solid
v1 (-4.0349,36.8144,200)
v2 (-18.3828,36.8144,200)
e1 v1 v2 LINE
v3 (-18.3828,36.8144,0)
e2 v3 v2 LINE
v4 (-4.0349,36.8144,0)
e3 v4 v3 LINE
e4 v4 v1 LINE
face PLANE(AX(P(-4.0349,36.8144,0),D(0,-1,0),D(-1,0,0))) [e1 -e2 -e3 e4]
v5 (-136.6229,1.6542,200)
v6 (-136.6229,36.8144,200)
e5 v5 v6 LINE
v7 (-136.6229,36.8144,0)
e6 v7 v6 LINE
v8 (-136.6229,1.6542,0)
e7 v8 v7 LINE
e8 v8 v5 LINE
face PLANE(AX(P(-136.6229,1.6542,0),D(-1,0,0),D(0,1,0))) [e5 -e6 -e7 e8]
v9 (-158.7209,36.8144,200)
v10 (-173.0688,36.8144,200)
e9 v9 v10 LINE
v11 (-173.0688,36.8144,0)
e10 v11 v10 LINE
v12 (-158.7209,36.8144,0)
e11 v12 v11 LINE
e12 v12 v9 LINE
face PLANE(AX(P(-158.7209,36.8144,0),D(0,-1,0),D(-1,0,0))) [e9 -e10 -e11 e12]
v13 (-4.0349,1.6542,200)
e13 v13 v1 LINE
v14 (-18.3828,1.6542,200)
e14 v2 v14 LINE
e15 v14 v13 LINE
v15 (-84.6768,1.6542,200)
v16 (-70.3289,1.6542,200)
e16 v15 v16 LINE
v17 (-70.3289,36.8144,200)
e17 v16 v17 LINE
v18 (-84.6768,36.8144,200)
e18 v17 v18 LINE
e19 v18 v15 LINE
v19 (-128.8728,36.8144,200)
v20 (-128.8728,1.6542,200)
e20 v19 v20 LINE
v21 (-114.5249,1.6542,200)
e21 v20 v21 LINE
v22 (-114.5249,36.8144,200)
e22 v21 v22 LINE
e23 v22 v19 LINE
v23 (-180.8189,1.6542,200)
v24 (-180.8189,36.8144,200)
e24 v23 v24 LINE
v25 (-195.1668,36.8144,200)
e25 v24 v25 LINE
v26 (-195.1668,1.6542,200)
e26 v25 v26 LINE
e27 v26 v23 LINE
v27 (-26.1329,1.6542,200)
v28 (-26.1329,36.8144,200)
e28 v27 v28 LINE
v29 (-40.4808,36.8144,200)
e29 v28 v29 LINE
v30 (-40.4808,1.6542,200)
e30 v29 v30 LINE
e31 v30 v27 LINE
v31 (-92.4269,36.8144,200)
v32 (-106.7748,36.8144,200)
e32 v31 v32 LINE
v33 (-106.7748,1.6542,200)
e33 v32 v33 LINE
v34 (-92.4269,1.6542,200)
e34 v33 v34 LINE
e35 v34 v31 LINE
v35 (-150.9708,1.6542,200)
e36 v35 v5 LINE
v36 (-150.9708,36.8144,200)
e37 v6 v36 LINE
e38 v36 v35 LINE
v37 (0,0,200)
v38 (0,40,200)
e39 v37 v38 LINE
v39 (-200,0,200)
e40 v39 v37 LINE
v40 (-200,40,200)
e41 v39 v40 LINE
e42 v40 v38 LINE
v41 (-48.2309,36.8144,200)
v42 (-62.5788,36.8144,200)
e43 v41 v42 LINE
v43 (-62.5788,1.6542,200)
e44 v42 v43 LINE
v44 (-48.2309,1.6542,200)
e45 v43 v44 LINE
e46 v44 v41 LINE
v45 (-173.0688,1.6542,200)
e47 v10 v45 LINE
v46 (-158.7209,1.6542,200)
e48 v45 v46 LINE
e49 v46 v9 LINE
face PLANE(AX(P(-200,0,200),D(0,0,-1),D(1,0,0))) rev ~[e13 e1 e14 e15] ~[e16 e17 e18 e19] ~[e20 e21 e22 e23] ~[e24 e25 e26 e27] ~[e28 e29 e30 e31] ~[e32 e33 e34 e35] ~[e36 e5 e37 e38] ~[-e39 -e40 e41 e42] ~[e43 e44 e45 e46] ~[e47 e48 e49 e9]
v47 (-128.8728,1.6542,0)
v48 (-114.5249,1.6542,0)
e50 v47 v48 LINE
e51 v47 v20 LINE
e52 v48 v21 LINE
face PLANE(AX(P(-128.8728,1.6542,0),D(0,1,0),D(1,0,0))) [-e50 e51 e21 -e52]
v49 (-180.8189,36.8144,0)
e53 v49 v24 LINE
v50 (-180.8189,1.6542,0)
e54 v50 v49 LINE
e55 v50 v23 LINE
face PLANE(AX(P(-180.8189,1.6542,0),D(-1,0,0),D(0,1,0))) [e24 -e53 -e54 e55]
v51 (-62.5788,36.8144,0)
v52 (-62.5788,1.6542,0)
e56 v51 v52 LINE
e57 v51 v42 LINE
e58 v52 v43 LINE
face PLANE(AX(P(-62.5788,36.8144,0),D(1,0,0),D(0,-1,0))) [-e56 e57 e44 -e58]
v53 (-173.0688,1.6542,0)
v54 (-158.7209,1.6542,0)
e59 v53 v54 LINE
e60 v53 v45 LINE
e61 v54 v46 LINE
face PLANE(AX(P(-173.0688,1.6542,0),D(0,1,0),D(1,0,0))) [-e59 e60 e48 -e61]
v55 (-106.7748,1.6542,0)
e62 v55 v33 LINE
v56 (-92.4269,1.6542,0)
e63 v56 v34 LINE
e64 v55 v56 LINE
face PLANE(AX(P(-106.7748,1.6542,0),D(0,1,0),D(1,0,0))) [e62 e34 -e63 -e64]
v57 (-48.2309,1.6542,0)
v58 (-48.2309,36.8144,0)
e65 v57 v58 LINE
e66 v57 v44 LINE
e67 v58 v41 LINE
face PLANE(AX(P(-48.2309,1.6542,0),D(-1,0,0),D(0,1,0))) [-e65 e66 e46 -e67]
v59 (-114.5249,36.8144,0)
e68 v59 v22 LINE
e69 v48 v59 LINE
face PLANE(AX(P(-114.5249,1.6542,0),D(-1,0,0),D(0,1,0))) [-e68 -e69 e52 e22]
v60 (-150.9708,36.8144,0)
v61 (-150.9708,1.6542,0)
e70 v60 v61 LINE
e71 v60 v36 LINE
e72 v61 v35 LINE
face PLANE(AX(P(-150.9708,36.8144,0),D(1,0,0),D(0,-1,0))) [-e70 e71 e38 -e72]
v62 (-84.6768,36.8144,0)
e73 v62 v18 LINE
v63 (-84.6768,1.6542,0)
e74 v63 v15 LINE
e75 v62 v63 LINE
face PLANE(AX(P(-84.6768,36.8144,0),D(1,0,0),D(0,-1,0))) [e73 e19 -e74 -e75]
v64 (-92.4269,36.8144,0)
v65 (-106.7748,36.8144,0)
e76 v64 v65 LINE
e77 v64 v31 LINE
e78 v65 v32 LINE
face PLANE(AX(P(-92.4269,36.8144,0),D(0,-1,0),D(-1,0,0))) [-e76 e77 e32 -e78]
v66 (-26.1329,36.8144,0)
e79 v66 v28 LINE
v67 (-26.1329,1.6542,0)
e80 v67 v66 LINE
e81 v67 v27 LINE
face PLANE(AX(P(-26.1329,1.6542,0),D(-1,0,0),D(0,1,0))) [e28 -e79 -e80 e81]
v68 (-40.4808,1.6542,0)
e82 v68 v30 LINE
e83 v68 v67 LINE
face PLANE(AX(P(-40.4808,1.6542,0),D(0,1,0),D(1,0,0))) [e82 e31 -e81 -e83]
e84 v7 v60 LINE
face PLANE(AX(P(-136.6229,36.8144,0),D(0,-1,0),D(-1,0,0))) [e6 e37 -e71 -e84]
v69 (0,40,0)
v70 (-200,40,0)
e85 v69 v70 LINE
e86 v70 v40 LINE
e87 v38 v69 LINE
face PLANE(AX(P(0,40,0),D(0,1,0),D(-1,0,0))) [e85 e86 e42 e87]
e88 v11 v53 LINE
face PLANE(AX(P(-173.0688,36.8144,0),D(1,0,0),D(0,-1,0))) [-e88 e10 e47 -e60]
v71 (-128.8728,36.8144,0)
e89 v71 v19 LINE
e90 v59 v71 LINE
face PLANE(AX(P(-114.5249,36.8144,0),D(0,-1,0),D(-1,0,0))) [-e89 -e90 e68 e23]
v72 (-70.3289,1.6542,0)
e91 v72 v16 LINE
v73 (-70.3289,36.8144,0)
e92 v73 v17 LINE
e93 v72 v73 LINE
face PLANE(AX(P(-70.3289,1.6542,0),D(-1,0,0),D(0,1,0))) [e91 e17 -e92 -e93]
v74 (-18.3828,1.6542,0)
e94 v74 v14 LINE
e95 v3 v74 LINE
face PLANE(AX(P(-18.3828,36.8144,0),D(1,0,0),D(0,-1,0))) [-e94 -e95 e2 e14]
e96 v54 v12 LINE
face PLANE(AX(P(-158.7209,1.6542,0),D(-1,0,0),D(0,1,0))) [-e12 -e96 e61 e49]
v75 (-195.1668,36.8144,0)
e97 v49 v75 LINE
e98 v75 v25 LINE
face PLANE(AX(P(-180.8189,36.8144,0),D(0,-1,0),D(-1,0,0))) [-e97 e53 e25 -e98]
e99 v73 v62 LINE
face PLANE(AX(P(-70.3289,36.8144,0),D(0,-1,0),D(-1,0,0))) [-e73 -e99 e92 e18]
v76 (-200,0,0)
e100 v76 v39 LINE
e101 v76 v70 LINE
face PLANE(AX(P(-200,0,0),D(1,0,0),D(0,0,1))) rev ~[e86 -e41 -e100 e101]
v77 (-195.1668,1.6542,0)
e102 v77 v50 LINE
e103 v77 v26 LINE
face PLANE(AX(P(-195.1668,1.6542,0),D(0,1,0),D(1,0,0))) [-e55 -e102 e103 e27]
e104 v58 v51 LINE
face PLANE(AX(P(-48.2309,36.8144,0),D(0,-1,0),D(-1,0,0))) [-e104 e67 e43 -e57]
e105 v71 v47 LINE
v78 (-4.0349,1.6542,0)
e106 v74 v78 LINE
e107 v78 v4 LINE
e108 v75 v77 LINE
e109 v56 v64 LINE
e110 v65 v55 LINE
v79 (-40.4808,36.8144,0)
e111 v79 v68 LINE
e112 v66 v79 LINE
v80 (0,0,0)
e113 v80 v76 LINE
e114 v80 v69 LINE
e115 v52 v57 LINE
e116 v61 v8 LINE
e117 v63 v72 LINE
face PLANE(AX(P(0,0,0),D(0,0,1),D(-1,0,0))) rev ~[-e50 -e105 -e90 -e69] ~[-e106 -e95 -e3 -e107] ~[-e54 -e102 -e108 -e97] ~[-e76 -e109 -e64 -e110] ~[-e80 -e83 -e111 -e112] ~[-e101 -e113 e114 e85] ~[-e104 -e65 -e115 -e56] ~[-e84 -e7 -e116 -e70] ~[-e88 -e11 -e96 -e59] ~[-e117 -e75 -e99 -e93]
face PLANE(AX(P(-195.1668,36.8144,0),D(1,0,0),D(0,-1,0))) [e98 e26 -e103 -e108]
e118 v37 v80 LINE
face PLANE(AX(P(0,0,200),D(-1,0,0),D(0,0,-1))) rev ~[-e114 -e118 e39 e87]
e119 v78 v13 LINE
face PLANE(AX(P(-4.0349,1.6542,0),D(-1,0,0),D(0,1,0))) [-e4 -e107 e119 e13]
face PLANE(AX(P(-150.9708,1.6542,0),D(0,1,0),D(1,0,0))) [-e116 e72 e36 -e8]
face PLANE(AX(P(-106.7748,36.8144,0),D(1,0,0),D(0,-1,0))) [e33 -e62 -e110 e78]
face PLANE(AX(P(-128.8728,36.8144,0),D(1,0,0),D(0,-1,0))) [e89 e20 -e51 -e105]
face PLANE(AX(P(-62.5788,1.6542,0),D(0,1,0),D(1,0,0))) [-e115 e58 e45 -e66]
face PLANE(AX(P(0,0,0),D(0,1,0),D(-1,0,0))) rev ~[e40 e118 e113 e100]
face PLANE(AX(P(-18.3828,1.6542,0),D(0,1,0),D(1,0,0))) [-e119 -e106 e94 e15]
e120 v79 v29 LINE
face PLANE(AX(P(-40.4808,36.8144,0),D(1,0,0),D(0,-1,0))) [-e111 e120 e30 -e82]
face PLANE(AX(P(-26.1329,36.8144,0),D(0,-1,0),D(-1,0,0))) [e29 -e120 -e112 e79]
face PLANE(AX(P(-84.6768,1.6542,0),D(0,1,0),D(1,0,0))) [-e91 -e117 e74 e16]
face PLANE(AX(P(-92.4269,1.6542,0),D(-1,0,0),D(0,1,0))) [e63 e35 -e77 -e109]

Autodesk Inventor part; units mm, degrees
ref_plane "YZ Plane" through (0, 0, 0) normal (1, 0, 0) x (0, 1, 0)
ref_plane "XZ Plane" through (0, 0, 0) normal (0, 1, 0) x (-1, 0, 0)
ref_plane "XY Plane" through (0, 0, 0) normal (0, 0, 1) x (1, 0, 0)
sketch "Sketch1" plane through (0, 0, 0) normal (0, 1, 0) x (-1, 0, 0)
  line L0 (0, 0) -> (200, 0)
  line L1 (200, 0) -> (200, 200)
  line L2 (200, 200) -> (0, 200)
  line L3 (0, 200) -> (0, 0)
  dimension "d0" = 200
  dimension "d1" = 200
extrude "Extrusion1" add sketch "Sketch1" along normal blind 40
sketch "Sketch2" plane through (0, 0, 0) normal (0, 0, -1) x (-1, 0, 0)
  line L0 (4.0349, 36.8144) -> (18.3828, 36.8144)
  line L1 (18.3828, 36.8144) -> (18.3828, 1.6542)
  line L2 (18.3828, 1.6542) -> (4.0349, 1.6542)
  line L3 (4.0349, 1.6542) -> (4.0349, 36.8144)
  point P0 (0, 0)
extrude "Extrusion2" cut sketch "Sketch2" against normal blind 310
pattern_linear "Rectangular Pattern1" count 9 spacing 22.098 along (-1, 0, 0) of "Extrusion2"
properties part number "refractory_quarry_tile"
